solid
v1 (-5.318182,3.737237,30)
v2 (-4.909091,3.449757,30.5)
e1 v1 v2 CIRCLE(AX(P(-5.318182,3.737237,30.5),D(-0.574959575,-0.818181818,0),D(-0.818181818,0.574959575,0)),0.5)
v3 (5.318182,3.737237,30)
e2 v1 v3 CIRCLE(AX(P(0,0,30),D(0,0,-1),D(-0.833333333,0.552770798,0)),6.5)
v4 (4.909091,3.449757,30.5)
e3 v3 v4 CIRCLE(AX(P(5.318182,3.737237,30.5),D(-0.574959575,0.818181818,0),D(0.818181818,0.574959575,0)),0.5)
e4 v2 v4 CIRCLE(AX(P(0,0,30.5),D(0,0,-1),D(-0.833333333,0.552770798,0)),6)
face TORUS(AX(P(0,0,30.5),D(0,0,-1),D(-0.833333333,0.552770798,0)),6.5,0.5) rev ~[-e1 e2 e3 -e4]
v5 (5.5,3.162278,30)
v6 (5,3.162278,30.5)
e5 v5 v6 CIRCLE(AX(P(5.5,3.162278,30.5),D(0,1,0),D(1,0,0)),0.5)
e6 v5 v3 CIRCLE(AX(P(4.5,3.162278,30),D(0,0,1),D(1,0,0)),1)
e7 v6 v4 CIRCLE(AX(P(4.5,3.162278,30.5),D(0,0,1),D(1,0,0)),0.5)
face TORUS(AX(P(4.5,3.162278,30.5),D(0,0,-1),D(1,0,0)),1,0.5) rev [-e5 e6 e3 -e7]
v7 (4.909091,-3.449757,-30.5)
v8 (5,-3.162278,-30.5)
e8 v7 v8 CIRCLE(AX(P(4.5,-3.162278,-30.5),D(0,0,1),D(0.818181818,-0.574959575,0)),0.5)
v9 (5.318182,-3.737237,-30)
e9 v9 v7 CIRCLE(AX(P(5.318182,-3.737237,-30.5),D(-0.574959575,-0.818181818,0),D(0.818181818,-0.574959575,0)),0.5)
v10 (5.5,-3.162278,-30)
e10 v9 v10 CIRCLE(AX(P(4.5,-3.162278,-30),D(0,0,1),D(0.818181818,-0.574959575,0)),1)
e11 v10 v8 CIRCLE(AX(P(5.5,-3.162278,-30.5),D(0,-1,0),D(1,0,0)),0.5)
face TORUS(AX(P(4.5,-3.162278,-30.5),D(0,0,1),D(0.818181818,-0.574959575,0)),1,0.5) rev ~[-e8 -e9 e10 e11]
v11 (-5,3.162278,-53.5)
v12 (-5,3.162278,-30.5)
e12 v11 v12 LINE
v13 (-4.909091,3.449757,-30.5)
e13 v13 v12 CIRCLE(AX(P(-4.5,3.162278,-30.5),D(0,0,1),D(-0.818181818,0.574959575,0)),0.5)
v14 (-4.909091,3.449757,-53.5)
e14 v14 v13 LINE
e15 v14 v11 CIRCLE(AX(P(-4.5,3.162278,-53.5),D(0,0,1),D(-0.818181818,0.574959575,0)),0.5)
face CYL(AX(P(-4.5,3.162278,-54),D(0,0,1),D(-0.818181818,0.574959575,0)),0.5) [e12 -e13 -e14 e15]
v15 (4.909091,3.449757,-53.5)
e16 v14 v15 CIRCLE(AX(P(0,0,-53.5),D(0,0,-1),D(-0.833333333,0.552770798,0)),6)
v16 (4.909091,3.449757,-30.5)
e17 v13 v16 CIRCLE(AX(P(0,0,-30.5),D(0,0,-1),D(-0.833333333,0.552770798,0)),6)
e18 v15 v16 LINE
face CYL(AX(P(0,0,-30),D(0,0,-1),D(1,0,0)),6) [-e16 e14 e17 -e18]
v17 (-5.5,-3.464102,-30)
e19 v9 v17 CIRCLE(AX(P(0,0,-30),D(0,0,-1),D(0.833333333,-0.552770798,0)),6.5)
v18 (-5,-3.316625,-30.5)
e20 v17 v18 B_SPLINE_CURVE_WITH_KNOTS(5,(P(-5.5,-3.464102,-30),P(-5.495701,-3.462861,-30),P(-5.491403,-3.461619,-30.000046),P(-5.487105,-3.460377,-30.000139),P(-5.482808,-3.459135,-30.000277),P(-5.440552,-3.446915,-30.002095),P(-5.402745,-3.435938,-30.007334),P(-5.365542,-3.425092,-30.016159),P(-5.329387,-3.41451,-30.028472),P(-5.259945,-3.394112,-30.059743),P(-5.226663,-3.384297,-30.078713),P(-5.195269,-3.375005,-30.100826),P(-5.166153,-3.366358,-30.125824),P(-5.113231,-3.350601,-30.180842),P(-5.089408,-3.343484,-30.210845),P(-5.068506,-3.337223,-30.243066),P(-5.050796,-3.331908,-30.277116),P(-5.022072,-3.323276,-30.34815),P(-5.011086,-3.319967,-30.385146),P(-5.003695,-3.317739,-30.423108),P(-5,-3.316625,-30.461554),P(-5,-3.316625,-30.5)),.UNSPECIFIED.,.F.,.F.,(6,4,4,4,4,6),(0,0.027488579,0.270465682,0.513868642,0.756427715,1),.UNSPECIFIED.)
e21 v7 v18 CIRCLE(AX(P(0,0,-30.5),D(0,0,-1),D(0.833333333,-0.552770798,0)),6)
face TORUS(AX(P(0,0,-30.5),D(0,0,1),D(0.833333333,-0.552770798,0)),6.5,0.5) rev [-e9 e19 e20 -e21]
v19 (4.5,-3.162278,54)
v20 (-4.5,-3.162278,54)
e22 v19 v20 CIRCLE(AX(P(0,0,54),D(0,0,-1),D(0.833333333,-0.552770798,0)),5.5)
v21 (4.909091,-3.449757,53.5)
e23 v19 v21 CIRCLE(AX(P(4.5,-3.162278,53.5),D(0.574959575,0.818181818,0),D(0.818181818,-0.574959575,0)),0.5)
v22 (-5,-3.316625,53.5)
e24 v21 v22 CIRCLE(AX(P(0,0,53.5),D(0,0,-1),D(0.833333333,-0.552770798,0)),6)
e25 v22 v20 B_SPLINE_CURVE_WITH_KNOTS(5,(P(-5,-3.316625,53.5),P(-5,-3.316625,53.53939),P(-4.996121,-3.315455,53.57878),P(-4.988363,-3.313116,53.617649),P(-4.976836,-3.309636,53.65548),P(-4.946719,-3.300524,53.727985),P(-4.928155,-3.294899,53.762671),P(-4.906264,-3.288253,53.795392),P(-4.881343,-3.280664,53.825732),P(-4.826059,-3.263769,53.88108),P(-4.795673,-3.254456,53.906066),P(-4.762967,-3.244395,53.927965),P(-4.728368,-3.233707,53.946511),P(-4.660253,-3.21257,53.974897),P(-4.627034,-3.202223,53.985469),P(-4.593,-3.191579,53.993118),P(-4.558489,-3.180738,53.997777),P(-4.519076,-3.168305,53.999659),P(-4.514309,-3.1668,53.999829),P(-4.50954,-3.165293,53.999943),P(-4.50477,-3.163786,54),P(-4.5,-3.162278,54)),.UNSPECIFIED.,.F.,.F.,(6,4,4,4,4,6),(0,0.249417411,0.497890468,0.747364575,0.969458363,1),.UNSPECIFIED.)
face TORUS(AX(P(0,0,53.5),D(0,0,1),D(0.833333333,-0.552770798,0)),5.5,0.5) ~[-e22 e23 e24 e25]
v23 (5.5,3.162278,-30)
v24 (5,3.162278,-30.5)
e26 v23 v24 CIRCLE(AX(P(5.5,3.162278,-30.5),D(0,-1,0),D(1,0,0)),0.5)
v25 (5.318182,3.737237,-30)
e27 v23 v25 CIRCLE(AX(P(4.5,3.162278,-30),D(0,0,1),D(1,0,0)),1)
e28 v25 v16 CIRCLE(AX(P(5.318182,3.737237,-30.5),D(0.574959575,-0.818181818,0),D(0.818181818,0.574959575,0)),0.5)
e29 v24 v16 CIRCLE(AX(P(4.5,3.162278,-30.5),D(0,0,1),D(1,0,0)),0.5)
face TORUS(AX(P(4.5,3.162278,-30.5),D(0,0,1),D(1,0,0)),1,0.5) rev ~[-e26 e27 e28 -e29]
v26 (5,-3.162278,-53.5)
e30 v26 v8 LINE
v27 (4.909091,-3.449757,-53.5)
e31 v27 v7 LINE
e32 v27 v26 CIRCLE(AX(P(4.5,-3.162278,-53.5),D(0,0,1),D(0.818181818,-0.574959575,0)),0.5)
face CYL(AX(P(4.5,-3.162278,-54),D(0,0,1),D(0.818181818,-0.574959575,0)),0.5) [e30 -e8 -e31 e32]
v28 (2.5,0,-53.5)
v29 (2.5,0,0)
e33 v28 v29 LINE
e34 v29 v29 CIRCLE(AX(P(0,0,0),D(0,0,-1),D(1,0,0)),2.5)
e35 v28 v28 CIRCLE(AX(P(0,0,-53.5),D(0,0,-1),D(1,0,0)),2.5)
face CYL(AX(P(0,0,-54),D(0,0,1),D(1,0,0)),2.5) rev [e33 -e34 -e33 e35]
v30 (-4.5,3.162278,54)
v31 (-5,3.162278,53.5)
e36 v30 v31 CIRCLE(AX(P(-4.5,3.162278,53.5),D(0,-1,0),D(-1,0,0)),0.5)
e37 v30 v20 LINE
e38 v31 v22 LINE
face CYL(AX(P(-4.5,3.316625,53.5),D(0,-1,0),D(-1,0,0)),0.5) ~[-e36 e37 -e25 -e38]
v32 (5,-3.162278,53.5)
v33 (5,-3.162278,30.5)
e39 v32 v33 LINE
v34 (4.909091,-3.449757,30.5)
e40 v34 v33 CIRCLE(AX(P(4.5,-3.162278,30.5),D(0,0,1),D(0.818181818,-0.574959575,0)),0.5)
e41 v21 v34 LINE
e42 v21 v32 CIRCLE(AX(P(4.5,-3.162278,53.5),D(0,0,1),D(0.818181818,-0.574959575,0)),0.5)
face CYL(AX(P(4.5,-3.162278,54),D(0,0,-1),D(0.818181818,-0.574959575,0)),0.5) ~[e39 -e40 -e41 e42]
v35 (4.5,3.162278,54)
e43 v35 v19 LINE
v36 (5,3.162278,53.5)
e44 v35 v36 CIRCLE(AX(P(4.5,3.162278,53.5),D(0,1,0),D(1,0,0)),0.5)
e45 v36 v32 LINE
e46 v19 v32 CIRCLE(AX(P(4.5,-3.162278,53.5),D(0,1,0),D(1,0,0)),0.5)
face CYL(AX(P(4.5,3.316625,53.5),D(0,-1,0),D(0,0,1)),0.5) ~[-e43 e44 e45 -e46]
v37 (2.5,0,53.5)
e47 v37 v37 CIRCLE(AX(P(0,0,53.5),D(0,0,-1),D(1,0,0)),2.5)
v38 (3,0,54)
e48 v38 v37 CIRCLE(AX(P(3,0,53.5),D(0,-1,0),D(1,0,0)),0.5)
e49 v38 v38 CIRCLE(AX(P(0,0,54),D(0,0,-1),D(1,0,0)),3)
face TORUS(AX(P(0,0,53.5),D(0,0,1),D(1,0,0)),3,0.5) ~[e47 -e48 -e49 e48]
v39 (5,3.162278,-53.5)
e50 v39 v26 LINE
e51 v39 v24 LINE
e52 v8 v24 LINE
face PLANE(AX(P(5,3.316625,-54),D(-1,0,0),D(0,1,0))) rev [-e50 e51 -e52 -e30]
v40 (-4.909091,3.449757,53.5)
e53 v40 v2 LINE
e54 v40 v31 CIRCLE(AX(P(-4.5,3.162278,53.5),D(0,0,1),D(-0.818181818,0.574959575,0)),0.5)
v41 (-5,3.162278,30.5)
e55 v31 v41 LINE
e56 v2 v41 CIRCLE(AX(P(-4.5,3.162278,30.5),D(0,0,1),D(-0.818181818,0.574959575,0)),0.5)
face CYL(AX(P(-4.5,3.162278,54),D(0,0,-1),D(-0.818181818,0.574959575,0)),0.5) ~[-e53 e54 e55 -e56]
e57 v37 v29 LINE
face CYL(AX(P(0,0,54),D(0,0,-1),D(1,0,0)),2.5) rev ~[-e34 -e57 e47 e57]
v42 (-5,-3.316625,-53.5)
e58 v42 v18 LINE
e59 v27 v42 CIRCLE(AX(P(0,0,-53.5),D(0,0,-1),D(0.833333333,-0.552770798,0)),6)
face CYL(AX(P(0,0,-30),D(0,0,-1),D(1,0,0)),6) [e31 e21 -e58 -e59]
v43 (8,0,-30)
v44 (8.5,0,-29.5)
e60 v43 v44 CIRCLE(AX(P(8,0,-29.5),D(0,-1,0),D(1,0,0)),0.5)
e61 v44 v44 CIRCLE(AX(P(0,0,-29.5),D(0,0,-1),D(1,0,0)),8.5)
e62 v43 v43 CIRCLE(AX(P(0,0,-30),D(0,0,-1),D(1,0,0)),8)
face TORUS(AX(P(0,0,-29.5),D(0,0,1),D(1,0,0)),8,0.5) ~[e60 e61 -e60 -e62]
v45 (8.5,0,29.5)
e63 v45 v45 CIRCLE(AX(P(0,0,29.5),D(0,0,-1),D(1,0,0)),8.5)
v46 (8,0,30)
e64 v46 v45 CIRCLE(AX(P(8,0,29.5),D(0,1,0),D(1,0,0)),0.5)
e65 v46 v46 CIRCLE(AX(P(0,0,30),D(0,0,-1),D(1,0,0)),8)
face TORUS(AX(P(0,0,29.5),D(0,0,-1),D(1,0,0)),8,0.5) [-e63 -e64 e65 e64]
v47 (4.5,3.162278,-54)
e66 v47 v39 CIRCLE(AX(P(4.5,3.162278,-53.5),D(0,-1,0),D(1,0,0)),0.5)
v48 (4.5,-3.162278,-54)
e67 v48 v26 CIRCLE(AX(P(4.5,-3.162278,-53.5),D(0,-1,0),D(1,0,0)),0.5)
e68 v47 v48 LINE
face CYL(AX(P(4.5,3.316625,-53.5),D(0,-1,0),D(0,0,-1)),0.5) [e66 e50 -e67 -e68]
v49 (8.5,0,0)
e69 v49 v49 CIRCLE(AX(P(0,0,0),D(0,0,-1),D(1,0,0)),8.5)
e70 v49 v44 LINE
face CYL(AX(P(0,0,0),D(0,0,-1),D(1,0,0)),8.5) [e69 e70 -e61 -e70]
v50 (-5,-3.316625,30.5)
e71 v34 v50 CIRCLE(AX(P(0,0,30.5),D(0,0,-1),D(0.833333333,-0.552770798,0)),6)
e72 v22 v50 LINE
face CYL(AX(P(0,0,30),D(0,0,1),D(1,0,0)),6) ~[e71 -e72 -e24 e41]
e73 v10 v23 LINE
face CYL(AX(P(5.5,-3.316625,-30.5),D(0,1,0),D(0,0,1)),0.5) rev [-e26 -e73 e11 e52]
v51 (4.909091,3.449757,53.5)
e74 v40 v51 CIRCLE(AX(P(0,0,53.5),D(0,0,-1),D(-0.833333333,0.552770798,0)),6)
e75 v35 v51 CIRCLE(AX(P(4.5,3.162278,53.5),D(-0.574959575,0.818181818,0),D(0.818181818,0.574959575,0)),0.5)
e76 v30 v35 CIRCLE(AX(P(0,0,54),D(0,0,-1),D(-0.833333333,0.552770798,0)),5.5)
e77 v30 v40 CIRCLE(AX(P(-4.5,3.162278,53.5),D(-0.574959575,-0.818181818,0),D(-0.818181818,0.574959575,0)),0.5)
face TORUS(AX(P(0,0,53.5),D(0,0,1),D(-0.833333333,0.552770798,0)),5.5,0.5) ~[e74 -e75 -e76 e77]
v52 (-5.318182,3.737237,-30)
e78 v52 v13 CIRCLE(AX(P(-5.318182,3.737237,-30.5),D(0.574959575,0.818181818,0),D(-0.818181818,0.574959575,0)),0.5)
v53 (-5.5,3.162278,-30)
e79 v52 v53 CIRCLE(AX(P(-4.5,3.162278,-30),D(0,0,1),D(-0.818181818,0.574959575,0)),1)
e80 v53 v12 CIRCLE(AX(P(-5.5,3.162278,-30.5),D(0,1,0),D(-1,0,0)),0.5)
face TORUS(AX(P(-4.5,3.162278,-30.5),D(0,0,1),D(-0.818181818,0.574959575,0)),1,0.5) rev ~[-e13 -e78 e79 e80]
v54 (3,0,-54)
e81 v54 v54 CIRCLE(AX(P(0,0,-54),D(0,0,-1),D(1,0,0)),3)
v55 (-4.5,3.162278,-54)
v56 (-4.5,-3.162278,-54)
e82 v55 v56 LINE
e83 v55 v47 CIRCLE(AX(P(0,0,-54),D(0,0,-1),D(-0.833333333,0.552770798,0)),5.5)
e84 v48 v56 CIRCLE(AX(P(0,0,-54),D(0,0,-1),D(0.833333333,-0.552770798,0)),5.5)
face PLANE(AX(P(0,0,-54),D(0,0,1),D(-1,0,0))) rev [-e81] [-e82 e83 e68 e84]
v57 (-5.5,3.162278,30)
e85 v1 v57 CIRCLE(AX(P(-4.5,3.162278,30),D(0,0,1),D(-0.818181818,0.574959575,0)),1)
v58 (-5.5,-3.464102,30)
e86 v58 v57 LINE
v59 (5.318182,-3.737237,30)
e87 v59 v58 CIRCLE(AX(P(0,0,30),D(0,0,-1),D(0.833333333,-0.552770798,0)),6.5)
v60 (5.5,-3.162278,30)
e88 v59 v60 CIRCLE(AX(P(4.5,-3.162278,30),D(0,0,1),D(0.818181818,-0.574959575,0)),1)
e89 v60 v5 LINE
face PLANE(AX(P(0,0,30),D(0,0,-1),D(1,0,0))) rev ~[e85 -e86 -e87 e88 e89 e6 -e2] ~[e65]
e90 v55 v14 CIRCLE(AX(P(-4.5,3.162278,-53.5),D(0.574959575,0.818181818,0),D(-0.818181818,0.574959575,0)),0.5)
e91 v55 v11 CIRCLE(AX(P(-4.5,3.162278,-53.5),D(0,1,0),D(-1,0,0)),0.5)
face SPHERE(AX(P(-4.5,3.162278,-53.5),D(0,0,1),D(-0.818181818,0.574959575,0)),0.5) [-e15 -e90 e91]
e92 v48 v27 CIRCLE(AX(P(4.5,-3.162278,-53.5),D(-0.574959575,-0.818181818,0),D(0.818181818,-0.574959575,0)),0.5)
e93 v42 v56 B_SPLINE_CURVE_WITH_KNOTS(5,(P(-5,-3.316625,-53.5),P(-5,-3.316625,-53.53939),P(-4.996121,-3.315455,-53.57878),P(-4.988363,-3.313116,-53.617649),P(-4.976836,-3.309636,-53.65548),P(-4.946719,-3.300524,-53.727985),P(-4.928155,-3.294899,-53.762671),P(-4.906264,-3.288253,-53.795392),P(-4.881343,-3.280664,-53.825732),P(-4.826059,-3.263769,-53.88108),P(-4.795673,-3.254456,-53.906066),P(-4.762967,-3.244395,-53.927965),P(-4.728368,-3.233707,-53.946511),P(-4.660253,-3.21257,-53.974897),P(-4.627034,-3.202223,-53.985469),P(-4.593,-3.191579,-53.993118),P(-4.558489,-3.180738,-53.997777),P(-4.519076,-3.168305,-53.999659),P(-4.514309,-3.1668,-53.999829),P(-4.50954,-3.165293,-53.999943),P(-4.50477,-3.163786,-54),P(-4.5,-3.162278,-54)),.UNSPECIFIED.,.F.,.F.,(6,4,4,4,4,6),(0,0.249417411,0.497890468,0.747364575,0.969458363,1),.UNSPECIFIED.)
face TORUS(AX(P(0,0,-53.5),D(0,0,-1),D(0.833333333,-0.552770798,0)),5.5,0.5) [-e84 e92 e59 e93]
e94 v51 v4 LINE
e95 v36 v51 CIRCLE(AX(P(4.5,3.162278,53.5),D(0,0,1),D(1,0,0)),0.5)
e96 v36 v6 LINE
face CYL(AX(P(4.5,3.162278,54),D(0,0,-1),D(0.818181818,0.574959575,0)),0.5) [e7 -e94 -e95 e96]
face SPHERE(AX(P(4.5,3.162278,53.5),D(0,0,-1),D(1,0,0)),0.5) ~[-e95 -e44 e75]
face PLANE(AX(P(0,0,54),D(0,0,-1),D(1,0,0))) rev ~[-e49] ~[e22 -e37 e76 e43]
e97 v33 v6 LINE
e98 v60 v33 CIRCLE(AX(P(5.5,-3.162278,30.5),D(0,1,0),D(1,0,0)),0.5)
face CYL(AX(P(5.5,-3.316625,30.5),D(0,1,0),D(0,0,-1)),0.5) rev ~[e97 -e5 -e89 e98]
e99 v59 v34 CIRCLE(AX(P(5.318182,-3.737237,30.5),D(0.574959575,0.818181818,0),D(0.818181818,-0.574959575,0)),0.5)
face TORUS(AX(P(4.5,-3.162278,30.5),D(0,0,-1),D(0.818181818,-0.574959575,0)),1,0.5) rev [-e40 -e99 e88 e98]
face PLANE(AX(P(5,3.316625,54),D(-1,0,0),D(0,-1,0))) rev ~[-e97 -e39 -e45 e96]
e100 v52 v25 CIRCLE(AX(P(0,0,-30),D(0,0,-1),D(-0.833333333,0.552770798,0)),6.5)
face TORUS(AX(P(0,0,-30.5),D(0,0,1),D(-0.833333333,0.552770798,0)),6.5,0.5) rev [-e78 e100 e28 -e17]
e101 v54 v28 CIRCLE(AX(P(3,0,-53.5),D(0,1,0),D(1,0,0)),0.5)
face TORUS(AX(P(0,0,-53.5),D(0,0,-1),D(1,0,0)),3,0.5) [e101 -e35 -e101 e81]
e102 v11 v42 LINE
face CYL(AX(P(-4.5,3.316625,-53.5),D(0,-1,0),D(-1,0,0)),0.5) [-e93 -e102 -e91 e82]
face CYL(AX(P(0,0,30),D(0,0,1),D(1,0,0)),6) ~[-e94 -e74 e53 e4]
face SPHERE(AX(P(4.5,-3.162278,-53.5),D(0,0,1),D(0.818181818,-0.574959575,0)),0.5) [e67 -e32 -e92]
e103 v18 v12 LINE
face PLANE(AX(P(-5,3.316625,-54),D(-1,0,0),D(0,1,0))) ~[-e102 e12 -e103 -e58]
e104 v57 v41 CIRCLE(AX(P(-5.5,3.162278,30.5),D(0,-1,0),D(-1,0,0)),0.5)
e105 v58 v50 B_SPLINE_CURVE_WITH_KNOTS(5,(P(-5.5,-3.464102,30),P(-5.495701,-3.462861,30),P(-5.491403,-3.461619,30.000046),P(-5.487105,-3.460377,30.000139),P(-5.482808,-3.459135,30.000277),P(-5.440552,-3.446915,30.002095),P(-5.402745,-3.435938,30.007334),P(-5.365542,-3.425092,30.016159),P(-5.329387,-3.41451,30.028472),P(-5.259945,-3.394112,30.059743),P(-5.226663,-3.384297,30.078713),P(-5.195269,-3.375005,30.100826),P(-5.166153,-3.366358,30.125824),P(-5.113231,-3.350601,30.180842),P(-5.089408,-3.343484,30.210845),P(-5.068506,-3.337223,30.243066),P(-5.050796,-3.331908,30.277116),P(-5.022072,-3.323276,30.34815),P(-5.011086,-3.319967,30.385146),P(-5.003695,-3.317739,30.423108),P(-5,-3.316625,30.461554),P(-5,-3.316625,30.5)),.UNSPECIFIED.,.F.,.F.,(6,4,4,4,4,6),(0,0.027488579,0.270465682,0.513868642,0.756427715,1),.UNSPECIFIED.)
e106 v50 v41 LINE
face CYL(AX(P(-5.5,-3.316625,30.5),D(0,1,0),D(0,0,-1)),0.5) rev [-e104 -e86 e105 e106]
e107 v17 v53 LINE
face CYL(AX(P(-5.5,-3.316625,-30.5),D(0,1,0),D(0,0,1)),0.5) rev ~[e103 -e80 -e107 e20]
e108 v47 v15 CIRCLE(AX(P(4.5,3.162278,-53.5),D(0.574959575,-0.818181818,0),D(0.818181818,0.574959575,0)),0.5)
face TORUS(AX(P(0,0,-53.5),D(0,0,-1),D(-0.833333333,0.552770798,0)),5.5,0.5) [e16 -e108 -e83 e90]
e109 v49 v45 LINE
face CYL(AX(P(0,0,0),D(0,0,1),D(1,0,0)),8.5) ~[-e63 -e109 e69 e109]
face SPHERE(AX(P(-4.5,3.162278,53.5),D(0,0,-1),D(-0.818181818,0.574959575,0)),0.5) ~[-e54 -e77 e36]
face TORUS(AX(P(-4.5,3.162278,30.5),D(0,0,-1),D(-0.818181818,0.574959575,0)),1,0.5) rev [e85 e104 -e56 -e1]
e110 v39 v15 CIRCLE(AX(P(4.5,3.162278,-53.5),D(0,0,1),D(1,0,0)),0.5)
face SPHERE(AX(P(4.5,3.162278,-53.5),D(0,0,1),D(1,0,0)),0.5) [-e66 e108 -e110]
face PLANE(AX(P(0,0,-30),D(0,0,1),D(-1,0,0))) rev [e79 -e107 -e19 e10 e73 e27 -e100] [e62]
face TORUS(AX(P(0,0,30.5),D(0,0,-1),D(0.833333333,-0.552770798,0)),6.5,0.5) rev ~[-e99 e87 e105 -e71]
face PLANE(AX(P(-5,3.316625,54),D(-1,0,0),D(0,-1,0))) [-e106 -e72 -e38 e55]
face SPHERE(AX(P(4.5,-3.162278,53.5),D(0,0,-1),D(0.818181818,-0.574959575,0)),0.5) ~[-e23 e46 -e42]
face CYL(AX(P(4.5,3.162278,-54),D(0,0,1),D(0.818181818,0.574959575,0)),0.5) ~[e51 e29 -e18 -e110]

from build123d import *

# Parameters (mm, degrees)
CORTAR_EXTRUIR1_REACH = 57.322
REDONDEO2_R           = 0.5


with BuildPart() as part:
    # Croquis1 → Revolución4 (revolve)
    with BuildSketch(Plane(origin=(0, 0, 0), x_dir=(0, 0, -1), z_dir=(1, 0, 0)), mode=Mode.PRIVATE) as revoluci_n4_sk:
        Polygon((-30, 8.5), (-30, 6), (-31, 6), (-54, 6), (-54, 2.5), (-30, 2.5), (0, 2.5), (0, 8.5), align=None)
    revolve(revoluci_n4_sk.sketch.rotate(Axis((0, 0, 55.074829932), (0, 0, -1)), 90), axis=Axis((0, 0, 55.074829932), (0, 0, -1)))

    # Cortar-Extruir1: up to this face of the body (flat: up to its plane)
    cortar_extruir1_end = Plane(part.part.faces().sort_by_distance((-8.259583694, 0, 30))[0])
    # Croquis3 → Cortar-Extruir1 (cut, up to the picked face)
    with BuildSketch(Plane.XY.offset(54), mode=Mode.PRIVATE) as cortar_extruir1_sk1:
        with BuildLine():
            Line((-5, 3.31662479), (-5, -3.31662479))
            ThreePointArc((-5, -3.31662479), (-6, 0), (-5, 3.31662479))
        make_face()
    cortar_extruir1_tool1 = split(extrude(cortar_extruir1_sk1.sketch, amount=-CORTAR_EXTRUIR1_REACH, mode=Mode.PRIVATE), bisect_by=cortar_extruir1_end, keep=Keep.BOTH, mode=Mode.PRIVATE)
    # Croquis3 → Cortar-Extruir1 (cut, up to the picked face)
    with BuildSketch(Plane.XY.offset(54), mode=Mode.PRIVATE) as cortar_extruir1_sk2:
        with BuildLine():
            Line((5, 3.31662479), (5, -3.31662479))
            ThreePointArc((5, -3.31662479), (6, 0), (5, 3.31662479))
        make_face()
    cortar_extruir1_tool2 = split(extrude(cortar_extruir1_sk2.sketch, amount=-CORTAR_EXTRUIR1_REACH, mode=Mode.PRIVATE), bisect_by=cortar_extruir1_end, keep=Keep.BOTH, mode=Mode.PRIVATE)
    add(cortar_extruir1_tool1.solids().sort_by(Axis((-5.403002, 0, 54), (0, 0, -1)))[0], mode=Mode.SUBTRACT)
    add(cortar_extruir1_tool2.solids().sort_by(Axis((5.403002, 0, 54), (0, 0, -1)))[0], mode=Mode.SUBTRACT)

    # Redondeo2
    redondeo2_edges = [part.edges().sort_by_distance(p)[0] for p in [
        (0, -6, 54),
        (0, -6, 30),
        (5, 3.31662479, 42),
        (5, 0, 54),
        (5, 0, 30),
        (5, -3.31662479, 42),
        (5, -3.31662479, 42),
        (5, 3.31662479, 42),
        (-5, 0, 54),
        (-5, 0, 30),
        (-5, 3.31662479, 42),
        (-5, 3.31662479, 42),
        (-2.5, 0, 54),
        (0, 6, 54),
        (0, 6, 30),
        (-8.5, 0, 30),
    ]]
    fillet(redondeo2_edges, radius=REDONDEO2_R)

    # Simetría1: part across plane


with BuildPart() as part_1:
    add(part.part)
    add(part.part.mirror(Plane.XY))


solid = part_1.part
